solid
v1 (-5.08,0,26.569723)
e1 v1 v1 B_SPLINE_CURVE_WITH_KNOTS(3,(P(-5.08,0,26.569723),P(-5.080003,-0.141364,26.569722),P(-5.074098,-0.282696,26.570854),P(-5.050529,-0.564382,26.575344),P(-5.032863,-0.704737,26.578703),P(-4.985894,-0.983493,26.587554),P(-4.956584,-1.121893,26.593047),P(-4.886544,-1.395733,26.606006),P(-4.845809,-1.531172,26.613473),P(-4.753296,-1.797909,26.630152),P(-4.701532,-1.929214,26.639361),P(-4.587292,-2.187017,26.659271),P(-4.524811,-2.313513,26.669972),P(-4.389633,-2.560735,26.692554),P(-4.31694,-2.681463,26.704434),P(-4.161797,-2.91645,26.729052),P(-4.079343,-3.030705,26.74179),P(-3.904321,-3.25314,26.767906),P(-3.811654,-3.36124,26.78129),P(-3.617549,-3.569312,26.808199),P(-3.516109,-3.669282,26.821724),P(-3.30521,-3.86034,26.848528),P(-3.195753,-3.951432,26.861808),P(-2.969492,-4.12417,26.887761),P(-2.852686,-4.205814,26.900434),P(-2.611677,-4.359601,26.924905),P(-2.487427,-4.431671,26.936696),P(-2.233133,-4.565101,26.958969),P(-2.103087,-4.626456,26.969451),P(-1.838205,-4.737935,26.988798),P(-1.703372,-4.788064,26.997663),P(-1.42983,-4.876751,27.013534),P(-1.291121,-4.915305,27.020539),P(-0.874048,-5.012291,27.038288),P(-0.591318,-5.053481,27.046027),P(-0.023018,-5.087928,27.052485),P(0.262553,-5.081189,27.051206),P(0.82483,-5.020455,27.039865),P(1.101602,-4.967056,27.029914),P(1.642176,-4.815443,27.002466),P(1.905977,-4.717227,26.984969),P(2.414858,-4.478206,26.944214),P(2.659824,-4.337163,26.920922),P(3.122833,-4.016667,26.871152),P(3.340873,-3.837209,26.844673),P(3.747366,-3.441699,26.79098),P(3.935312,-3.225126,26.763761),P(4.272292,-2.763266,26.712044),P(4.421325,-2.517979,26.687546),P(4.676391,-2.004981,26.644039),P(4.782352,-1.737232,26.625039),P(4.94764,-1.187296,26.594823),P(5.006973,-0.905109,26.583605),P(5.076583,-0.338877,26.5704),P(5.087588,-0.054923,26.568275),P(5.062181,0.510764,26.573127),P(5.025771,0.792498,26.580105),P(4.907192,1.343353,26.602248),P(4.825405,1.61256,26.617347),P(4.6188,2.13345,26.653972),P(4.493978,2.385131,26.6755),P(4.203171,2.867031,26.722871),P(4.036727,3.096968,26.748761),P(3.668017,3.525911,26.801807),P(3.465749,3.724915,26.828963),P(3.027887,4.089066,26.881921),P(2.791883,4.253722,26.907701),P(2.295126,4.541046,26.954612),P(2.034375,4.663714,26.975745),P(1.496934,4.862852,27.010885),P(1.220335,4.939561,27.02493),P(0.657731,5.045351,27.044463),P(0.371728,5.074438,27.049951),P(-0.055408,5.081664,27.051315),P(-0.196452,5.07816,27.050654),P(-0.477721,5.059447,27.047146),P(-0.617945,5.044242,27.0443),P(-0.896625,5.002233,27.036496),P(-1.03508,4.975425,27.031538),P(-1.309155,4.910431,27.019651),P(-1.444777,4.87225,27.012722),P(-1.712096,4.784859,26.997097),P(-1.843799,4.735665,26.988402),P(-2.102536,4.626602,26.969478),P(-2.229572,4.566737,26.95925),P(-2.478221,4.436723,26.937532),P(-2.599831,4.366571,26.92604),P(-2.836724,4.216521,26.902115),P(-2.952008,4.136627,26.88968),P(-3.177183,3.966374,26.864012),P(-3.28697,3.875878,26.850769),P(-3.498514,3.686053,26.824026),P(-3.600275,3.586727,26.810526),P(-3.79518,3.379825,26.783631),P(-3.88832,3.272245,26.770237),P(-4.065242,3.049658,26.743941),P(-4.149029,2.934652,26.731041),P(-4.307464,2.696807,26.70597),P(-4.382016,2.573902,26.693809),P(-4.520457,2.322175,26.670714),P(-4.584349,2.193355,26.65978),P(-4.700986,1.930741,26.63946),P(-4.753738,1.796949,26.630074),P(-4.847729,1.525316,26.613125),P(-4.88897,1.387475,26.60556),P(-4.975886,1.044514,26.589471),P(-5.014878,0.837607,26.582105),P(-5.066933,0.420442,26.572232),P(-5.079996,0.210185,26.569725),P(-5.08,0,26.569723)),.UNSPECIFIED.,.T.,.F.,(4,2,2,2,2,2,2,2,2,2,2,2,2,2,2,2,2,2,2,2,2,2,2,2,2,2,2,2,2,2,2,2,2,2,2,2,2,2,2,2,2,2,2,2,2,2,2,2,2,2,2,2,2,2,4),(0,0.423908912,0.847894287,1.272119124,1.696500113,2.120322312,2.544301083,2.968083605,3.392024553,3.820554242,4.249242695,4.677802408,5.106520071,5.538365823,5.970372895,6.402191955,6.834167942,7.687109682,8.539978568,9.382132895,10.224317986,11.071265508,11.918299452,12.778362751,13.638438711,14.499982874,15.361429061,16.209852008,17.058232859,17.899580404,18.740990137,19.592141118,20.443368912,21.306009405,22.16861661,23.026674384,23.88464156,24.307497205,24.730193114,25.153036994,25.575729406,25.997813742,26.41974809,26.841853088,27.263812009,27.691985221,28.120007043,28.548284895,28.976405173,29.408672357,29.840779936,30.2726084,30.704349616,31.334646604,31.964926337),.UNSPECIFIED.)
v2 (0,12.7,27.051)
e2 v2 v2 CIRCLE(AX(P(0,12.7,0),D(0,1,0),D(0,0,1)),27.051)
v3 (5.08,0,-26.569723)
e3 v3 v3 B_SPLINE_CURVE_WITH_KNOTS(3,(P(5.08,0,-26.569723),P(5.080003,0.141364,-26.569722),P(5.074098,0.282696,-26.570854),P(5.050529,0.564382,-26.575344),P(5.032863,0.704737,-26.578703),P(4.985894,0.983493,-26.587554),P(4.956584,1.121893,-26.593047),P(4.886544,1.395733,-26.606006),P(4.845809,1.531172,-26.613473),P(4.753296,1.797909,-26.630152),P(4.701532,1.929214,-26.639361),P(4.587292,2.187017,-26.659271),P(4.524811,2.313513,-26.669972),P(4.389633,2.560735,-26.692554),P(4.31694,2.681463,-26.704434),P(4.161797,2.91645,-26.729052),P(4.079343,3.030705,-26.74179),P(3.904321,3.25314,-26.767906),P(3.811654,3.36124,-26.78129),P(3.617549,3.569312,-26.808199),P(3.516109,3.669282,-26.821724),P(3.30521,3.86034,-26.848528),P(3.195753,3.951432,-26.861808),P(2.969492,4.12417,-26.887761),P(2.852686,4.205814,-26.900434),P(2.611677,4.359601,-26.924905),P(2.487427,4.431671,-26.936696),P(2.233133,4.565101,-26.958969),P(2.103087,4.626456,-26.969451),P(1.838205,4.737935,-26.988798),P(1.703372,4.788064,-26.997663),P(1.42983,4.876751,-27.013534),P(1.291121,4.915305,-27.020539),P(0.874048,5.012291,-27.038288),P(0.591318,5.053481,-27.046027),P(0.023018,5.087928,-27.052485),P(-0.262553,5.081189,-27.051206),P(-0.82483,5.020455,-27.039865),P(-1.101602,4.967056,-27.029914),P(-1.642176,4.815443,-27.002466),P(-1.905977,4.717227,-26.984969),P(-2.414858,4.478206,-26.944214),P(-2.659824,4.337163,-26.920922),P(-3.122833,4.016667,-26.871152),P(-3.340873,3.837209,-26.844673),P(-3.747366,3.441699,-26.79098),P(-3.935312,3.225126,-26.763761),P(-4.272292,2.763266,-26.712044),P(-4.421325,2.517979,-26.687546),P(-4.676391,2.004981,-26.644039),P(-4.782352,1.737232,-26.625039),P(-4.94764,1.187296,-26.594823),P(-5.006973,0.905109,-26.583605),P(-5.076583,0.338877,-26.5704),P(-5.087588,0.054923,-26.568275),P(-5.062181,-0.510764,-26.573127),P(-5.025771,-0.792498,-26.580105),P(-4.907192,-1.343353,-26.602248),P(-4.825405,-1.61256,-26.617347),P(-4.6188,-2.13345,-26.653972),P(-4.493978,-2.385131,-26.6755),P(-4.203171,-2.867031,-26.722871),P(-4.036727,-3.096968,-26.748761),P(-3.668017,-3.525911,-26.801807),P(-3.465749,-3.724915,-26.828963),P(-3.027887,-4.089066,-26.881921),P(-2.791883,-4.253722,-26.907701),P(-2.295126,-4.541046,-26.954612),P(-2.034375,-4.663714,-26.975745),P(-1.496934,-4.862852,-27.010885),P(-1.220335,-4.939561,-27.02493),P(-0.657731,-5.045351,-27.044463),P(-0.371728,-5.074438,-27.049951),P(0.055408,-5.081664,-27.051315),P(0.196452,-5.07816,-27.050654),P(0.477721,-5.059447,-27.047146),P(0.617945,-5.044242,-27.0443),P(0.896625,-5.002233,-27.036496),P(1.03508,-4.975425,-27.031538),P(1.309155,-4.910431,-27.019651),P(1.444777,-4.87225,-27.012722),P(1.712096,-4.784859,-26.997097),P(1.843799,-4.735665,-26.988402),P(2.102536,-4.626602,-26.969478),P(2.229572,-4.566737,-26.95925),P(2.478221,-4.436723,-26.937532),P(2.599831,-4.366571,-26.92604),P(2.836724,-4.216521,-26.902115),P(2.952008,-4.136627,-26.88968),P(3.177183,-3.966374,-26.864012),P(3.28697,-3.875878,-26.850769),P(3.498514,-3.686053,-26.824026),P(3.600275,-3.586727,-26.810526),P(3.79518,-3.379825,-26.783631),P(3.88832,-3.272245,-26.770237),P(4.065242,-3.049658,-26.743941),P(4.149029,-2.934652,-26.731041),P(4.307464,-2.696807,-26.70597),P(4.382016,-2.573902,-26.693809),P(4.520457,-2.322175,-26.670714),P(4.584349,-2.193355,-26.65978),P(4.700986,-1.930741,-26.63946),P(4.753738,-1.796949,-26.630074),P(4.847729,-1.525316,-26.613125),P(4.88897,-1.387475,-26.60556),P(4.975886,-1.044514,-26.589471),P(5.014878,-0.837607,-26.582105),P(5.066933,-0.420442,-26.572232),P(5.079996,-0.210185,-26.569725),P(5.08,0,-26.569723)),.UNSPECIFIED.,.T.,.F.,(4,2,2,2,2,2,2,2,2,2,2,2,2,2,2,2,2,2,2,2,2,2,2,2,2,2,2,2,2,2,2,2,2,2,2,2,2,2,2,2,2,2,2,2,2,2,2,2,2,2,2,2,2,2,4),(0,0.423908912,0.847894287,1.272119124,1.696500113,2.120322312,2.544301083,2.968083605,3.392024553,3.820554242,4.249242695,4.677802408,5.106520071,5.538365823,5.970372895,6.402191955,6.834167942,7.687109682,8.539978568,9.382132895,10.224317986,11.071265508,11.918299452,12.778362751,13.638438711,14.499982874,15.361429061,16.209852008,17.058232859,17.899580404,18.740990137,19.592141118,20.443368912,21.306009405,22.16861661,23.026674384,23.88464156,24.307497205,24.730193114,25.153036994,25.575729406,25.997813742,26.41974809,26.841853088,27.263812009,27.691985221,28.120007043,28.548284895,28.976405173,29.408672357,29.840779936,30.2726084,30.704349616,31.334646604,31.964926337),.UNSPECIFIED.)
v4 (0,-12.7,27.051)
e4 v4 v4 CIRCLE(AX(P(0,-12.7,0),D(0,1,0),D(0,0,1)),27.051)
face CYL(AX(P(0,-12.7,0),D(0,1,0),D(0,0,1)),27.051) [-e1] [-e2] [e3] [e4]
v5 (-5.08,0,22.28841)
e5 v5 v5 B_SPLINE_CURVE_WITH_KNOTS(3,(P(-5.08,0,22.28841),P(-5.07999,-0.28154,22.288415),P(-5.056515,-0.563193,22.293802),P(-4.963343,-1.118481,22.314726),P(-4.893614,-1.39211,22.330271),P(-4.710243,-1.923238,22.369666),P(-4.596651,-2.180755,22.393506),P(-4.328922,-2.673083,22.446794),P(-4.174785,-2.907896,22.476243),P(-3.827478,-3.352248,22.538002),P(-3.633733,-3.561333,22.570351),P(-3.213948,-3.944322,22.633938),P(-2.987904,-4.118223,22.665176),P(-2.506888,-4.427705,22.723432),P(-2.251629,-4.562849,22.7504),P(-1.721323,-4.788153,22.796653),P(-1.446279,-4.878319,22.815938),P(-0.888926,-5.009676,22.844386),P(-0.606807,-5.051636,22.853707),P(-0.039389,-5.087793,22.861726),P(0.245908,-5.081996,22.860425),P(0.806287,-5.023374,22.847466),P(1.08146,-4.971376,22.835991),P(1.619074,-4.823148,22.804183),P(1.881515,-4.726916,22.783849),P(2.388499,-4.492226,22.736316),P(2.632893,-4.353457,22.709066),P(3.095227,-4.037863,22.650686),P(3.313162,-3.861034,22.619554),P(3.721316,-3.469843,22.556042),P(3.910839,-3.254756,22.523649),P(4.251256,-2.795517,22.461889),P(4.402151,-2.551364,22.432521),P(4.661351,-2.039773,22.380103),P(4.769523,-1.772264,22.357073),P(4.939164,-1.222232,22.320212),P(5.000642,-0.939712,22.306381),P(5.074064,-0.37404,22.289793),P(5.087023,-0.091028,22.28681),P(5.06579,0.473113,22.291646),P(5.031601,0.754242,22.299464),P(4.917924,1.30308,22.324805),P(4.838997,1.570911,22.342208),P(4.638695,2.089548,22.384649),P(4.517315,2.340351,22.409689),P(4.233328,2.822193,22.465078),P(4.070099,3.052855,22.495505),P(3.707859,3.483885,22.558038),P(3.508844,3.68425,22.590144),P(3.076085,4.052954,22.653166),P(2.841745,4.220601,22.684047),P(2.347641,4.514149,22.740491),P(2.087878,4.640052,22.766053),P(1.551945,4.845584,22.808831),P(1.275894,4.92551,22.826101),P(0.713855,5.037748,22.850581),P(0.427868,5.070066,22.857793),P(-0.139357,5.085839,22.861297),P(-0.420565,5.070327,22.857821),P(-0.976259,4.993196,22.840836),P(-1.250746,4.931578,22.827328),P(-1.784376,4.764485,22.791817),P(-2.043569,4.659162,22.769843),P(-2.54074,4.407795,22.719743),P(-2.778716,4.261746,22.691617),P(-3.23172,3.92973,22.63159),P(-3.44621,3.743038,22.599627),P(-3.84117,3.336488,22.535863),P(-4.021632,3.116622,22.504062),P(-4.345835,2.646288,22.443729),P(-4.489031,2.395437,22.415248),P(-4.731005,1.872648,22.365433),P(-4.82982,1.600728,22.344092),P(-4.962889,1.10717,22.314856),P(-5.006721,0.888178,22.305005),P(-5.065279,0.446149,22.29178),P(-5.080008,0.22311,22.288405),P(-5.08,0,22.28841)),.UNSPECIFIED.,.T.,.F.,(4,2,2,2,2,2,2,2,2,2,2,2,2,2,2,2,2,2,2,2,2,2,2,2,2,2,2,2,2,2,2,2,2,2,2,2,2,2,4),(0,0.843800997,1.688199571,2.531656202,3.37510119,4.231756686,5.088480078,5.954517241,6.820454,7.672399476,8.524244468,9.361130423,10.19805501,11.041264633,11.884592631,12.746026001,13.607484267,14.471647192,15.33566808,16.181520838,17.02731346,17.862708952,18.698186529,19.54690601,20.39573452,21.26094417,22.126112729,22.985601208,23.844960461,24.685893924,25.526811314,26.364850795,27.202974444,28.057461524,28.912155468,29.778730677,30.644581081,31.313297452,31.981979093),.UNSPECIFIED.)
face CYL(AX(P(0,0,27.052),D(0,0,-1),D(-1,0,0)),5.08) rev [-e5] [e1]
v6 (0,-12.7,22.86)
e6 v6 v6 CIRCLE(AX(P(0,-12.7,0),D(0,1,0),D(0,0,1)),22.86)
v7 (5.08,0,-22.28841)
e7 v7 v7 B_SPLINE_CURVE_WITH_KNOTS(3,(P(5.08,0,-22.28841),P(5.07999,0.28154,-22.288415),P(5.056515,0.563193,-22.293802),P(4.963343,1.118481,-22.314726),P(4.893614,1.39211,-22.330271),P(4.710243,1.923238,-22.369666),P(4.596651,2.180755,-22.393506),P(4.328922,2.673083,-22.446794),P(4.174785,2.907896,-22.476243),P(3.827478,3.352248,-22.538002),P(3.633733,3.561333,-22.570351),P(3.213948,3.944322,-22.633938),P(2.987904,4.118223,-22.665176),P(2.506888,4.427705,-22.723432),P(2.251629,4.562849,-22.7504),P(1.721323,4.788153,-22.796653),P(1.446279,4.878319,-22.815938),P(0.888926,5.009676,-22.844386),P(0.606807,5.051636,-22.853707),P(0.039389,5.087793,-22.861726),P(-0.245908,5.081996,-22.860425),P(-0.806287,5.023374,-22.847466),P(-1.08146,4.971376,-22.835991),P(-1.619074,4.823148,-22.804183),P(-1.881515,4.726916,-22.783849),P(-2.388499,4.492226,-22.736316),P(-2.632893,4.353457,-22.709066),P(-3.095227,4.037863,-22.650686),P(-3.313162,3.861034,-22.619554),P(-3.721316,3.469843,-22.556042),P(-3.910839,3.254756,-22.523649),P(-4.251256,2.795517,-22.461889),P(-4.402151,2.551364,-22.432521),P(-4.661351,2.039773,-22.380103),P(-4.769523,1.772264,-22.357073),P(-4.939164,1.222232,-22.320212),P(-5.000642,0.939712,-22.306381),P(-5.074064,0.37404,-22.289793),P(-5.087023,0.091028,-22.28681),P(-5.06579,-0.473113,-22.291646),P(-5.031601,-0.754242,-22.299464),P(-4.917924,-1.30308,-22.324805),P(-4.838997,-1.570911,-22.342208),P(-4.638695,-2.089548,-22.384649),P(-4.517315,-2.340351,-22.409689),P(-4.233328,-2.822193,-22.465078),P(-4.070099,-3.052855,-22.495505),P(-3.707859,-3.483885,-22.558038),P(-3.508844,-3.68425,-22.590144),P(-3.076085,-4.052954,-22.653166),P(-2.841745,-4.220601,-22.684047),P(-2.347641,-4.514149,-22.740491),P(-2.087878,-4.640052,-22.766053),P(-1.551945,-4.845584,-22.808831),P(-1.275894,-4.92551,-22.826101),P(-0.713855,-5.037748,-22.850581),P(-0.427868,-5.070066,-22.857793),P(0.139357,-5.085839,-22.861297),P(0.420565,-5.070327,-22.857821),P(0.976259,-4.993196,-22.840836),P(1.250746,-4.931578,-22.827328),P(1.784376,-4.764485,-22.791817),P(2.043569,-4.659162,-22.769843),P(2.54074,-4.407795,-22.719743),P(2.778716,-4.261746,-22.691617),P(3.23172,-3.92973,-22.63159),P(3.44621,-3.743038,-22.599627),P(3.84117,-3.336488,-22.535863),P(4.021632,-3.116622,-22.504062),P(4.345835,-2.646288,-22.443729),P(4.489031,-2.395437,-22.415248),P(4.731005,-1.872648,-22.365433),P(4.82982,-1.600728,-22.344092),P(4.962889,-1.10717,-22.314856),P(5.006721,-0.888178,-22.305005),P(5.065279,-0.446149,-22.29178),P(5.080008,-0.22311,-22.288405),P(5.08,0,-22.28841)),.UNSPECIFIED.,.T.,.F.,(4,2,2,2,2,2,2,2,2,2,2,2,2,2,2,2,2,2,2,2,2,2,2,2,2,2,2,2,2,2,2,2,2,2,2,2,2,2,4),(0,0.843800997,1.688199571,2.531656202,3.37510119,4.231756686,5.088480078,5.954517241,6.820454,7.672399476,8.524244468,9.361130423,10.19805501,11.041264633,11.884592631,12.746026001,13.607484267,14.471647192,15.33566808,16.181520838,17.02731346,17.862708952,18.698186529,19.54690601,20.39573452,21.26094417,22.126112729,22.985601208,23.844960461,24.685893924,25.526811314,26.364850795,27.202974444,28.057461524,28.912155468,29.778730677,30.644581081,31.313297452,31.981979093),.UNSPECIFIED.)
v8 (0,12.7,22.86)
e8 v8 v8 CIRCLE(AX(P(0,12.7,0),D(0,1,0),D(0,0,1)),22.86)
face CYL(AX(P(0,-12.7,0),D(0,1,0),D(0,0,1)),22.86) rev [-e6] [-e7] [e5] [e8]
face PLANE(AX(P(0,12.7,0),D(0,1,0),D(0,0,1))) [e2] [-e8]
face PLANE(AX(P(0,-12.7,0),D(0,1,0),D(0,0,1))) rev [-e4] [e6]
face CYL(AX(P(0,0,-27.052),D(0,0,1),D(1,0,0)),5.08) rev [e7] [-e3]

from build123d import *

# Parameters (mm, degrees)
BOSS_EXTRUDE1_DEPTH            = 12.7
BOSS_EXTRUDE1_DEPTH_BACK       = 12.7
SKETCH1_R                      = 27.051
SKETCH1_R_2                    = 22.86
CUT_EXTRUDE1_REACH             = 42.309
SKETCH2_R                      = 5.08
CUT_EXTRUDE1_DIRECTION_2_REACH = 42.309


with BuildPart() as part:
    # Sketch1 → Boss-Extrude1 (new, two sides: drawn at the far end of the back side and taken through both)
    with BuildSketch(Plane(origin=(0, 0, 0), x_dir=(1, 0, 0), z_dir=(0, 1, 0)).offset(-BOSS_EXTRUDE1_DEPTH_BACK)):
        Circle(SKETCH1_R)
        Circle(SKETCH1_R_2, mode=Mode.SUBTRACT)
    extrude(amount=BOSS_EXTRUDE1_DEPTH + BOSS_EXTRUDE1_DEPTH_BACK)

    # Sketch2 → Cut-Extrude1 (cut, up to next)
    with BuildSketch(Plane.XY, mode=Mode.PRIVATE) as cut_extrude1_sk1:
        Circle(SKETCH2_R)
    cut_extrude1_tool1 = extrude(cut_extrude1_sk1.sketch, amount=-CUT_EXTRUDE1_REACH, mode=Mode.PRIVATE) & part.part
    add(cut_extrude1_tool1.solids().sort_by_distance((0, 0, 0))[0], mode=Mode.SUBTRACT)

    # Sketch2 → Cut-Extrude1 direction 2 (cut, up to next)
    with BuildSketch(Plane.XY, mode=Mode.PRIVATE) as cut_extrude1_direction_2_sk1:
        Circle(SKETCH2_R)
    cut_extrude1_direction_2_tool1 = extrude(cut_extrude1_direction_2_sk1.sketch, amount=CUT_EXTRUDE1_DIRECTION_2_REACH, mode=Mode.PRIVATE) & part.part
    add(cut_extrude1_direction_2_tool1.solids().sort_by_distance((0, 0, 0))[0], mode=Mode.SUBTRACT)


solid = part.part
